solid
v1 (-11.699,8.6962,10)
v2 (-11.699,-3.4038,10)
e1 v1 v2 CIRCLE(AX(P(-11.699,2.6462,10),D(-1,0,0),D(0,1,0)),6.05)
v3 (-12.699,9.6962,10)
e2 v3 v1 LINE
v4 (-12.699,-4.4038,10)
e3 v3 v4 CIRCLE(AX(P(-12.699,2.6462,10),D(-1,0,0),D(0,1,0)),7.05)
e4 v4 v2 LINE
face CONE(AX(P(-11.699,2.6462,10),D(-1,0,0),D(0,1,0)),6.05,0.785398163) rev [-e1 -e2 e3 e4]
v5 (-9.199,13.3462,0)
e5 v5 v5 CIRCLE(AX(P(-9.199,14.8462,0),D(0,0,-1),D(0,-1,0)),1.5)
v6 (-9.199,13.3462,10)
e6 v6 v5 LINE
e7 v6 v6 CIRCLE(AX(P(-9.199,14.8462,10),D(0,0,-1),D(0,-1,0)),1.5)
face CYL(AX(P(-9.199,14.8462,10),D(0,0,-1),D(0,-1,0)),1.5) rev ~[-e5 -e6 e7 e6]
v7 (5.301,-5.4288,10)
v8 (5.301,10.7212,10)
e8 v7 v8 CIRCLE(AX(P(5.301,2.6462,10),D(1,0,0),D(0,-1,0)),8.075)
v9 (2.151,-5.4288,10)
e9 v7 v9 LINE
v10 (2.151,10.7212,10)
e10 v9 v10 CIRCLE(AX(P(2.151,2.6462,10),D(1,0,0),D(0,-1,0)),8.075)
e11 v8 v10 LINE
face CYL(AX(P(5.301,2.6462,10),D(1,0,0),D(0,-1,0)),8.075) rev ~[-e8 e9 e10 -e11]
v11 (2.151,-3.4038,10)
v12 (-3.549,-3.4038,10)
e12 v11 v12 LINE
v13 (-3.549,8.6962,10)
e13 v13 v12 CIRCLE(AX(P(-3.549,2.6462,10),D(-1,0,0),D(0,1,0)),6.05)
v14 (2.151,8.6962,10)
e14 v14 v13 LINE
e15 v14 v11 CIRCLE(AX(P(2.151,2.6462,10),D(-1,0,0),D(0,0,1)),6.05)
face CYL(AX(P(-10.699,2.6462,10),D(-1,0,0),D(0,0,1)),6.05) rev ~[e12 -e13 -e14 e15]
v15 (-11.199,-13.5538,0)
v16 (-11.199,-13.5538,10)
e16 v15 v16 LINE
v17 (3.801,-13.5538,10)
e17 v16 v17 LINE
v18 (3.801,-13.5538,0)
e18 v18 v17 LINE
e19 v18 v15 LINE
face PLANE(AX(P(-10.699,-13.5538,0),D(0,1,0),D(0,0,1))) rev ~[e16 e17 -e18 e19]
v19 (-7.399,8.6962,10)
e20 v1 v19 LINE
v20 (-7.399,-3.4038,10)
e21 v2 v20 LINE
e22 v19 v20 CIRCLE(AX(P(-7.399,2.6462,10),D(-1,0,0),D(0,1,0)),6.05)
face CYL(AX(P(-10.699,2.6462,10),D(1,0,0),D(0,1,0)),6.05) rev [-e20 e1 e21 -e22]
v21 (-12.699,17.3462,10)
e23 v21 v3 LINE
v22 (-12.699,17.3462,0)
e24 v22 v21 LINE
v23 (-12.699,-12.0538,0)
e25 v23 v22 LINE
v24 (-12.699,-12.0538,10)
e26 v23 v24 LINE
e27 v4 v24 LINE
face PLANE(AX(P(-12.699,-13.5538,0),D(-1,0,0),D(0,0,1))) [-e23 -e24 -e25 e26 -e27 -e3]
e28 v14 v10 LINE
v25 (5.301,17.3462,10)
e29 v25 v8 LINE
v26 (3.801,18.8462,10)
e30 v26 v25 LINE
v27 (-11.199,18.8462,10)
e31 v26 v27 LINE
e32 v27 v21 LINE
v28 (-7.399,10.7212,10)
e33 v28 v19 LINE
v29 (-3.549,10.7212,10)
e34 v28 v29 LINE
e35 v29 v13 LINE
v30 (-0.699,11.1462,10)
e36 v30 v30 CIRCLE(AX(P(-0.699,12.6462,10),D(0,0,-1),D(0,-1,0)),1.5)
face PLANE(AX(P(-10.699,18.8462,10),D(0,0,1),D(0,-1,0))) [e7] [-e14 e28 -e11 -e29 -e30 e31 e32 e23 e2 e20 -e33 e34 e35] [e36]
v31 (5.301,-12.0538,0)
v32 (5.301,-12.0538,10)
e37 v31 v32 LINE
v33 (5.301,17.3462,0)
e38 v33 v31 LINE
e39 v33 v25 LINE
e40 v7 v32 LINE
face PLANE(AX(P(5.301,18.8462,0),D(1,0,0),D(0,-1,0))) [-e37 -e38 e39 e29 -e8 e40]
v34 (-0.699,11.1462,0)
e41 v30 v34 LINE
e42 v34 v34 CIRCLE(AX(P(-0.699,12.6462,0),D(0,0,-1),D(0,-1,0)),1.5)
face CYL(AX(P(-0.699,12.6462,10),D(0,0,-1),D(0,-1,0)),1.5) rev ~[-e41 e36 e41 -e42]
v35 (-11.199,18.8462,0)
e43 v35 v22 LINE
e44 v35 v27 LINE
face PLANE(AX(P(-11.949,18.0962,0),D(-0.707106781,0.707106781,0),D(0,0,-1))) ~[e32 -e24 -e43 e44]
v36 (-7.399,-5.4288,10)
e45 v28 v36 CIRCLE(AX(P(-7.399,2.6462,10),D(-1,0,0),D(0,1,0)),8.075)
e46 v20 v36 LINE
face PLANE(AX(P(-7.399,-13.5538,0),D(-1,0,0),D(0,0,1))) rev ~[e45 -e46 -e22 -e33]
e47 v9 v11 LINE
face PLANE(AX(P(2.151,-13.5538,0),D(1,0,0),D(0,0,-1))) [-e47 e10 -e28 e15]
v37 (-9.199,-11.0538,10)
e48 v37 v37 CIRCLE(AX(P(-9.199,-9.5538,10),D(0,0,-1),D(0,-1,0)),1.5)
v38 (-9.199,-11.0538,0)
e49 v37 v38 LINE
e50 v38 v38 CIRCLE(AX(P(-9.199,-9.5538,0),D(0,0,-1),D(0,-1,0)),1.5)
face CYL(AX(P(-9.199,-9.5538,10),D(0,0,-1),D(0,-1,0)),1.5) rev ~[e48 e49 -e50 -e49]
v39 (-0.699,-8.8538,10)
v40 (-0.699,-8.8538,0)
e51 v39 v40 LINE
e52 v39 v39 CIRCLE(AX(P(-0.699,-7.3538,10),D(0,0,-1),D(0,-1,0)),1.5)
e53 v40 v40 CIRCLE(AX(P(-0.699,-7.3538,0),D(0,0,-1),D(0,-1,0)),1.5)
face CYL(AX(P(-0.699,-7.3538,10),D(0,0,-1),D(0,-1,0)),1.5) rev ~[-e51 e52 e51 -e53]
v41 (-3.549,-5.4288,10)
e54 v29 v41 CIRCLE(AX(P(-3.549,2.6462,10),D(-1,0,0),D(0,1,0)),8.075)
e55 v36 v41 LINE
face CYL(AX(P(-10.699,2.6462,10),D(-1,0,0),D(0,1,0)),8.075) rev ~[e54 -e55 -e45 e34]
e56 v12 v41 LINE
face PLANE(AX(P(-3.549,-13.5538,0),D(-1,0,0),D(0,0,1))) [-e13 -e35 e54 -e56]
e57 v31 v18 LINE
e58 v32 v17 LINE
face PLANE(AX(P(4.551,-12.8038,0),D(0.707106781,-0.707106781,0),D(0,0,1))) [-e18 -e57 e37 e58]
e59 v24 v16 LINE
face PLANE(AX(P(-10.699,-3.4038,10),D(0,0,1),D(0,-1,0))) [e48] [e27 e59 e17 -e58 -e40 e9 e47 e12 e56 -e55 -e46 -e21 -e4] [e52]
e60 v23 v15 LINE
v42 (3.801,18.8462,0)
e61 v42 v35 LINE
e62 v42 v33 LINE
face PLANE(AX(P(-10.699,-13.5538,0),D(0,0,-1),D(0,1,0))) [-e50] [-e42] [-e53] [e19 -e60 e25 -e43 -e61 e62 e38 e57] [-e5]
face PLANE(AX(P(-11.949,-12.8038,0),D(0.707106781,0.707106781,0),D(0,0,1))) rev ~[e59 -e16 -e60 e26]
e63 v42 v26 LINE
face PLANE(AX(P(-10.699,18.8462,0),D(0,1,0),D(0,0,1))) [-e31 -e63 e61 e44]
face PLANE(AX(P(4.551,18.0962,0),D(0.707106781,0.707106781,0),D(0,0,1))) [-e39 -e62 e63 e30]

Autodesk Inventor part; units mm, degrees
ref_plane "YZ Plane" through (0, 0, 0) normal (1, 0, 0) x (0, 1, 0)
ref_plane "XZ Plane" through (0, 0, 0) normal (0, 1, 0) x (-1, 0, 0)
ref_plane "XY Plane" through (0, 0, 0) normal (0, 0, 1) x (1, 0, 0)
sketch "Szkic1" plane through (0, 0, 0) normal (0, 0, 1) x (1, 0, 0)
  line L0 (-10.699, 18.8462) -> (5.301, 18.8462)
  line L1 (5.301, 18.8462) -> (5.301, -13.5538)
  line L2 (5.301, -13.5538) -> (-10.699, -13.5538)
  line L3 (-10.699, -13.5538) -> (-10.699, 18.8462)
  point P0 (0, 0)
  dimension "d0" = 16
  dimension "d1" = 32.4
extrude "Wyciągnięcie proste1" add sketch "Szkic1" along normal blind 10
sketch "Szkic2" plane through (-10.699, -13.5538, 0) normal (-1, 0, 0) x (0, 0, 1)
  line L0 (0, 0) -> (0, 32.4) projected
  line L1 (0, 0) -> (10, 0) projected
  line L2 (10, 32.4) -> (10, 0) projected
  line L3 (0, 32.4) -> (10, 32.4) projected
  line L4 (10, 32.4) -> (10, 0) projected
  circle A0 centre (10, 16.2) radius 6.05
  point P0 (0, 13.5538)
  dimension "d4" = 32.4
  dimension "d5" = 16.2
  dimension "d6" = 12.1
extrude "Wyciągnięcie proste2" cut sketch "Szkic2" against normal blind 13 contours A0 L2 | L2 A0
sketch "Szkic3" plane through (-10.699, -13.5538, 0) normal (-1, 0, 0) x (0, 0, 1)
  arc A0 (10, 22.25) -> (10, 10.15) centre (10, 16.2) ccw projected
  line L0 (10, 32.4) -> (10, 22.25) projected
  line L1 (0, 32.4) -> (10, 32.4) projected
  line L2 (0, 0) -> (0, 32.4) projected
  line L3 (0, 0) -> (10, 0) projected
  line L4 (10, 10.15) -> (10, 0) projected
  arc A1 (10, 24.275) -> (10, 8.125) centre (10, 16.2) ccw
  point P0 (0, 13.5538)
  dimension "d9" = 16.15
extrude "Wyciągnięcie proste3" cut sketch "Szkic3" against normal blind 7.15 contours A0 L4 A1 L0
extrude "Wyciągnięcie proste4" add sketch "Szkic3" against normal blind 3.3 contours A0 L4 A1 L0
sketch "Szkic6" plane through (5.301, -13.5538, 0) normal (1, 0, 0) x (0, 0, -1)
  arc A0 (-10, 8.125) -> (-10, 24.275) centre (-10, 16.2) ccw projected
  line L0 (0, 32.4) -> (0, 0) projected
  line L1 (0, 32.4) -> (-10, 32.4) projected
  line L2 (-10, 0) -> (-10, 32.4) projected
  line L3 (0, 0) -> (-10, 0) projected
  arc A1 (-10, 8.125) -> (-10, 24.275) centre (-10, 16.2) ccw
  point P0 (0, 13.5538)
extrude "Wyciągnięcie proste5" cut sketch "Szkic6" against normal blind 3.15 contours L2 A0
sketch "Szkic7" plane through (0, 0, 10) normal (0, 0, 1) x (1, 0, 0)
  line L0 (5.301, -5.4288) -> (2.151, -5.4288) projected
  line L1 (2.151, -5.4288) -> (2.151, -3.4038) projected
  line L2 (2.151, -3.4038) -> (-3.549, -3.4038) projected
  line L3 (-3.549, -3.4038) -> (-3.549, -5.4288) projected
  line L4 (-3.549, -5.4288) -> (-7.399, -5.4288) projected
  line L5 (-7.399, -3.4038) -> (-7.399, -5.4288) projected
  line L6 (-10.699, -3.4038) -> (-7.399, -3.4038) projected
  line L7 (-10.699, -3.4038) -> (-10.699, -13.5538) projected
  line L8 (-10.699, -13.5538) -> (5.301, -13.5538) projected
  line L9 (5.301, -13.5538) -> (5.301, -5.4288) projected
  line L10 (2.151, 10.7212) -> (5.301, 10.7212) projected
  line L11 (5.301, 10.7212) -> (5.301, 18.8462) projected
  line L12 (5.301, 18.8462) -> (-10.699, 18.8462) projected
  line L13 (-10.699, 18.8462) -> (-10.699, 8.6962) projected
  line L14 (-10.699, 8.6962) -> (-7.399, 8.6962) projected
  line L15 (-7.399, 10.7212) -> (-7.399, 8.6962) projected
  line L16 (-7.399, 10.7212) -> (-3.549, 10.7212) projected
  line L17 (-3.549, 10.7212) -> (-3.549, 8.6962) projected
  line L18 (-3.549, 8.6962) -> (2.151, 8.6962) projected
  line L19 (2.151, 8.6962) -> (2.151, 10.7212) projected
  point P0 (0, 0)
  point P1 (-0.699, -7.3538)
  point P2 (-0.699, 12.6462)
  dimension "d46" = 20
  dimension "d47" = 32.4
  dimension "d48" = 6.2
  dimension "d49" = 6.2
  dimension "d50" = 5.7
  dimension "d96" = 10
  dimension "d97" = 10
hole "Otwór3" at (-0.699, -7.3538, 10) at (-0.699, 12.6462, 10) direction (0, 0, -1) diameter 3 end through all
chamfer "Faza4" distance 1.5 angle 45 2 edges at (5.301, -13.5538, 5) (5.301, 18.8462, 5)
sketch "Szkic9" plane through (-10.699, -13.5538, 0) normal (-1, 0, 0) x (0, 0, 1)
  line L0 (10, 32.4) -> (10, 22.25) projected
  line L1 (0, 32.4) -> (10, 32.4) projected
  line L2 (0, 0) -> (0, 32.4) projected
  line L3 (0, 0) -> (10, 0) projected
  line L4 (10, 10.15) -> (10, 0) projected
  arc A0 (10, 22.25) -> (10, 10.15) centre (10, 16.2) ccw projected
  point P0 (0, 13.5538)
extrude "Wyciągnięcie proste7" add sketch "Szkic9" along normal blind 2
chamfer "Faza8" distance 1.5 angle 45 2 edges at (-12.699, -13.5538, 5) (-12.699, 18.8462, 5)
chamfer "Faza9" distance 1 angle 45 1 edges at (-12.699, 2.6462, 3.95)
sketch "Szkic10" plane through (0, 0, 10) normal (0, 0, 1) x (1, 0, 0)
  circle A0 centre (-0.699, -7.3538) radius 1.5 projected
  line L0 (-12.699, -4.4038) -> (-11.699, -3.4038) projected
  line L1 (-12.699, -12.0538) -> (-12.699, -4.4038) projected
  line L2 (-11.199, -13.5538) -> (-12.699, -12.0538) projected
  line L3 (3.801, -13.5538) -> (-11.199, -13.5538) projected
  line L4 (5.301, -12.0538) -> (3.801, -13.5538) projected
  line L5 (5.301, -12.0538) -> (5.301, -5.4288) projected
  line L6 (5.301, -5.4288) -> (2.151, -5.4288) projected
  line L7 (2.151, -5.4288) -> (2.151, -3.4038) projected
  line L8 (2.151, -3.4038) -> (-3.549, -3.4038) projected
  line L9 (-3.549, -3.4038) -> (-3.549, -5.4288) projected
  line L10 (-3.549, -5.4288) -> (-7.399, -5.4288) projected
  line L11 (-7.399, -3.4038) -> (-7.399, -5.4288) projected
  line L12 (-11.699, -3.4038) -> (-7.399, -3.4038) projected
  line L13 (-11.699, 8.6962) -> (-12.699, 9.6962) projected
  line L14 (-7.399, 8.6962) -> (-11.699, 8.6962) projected
  line L15 (-7.399, 10.7212) -> (-7.399, 8.6962) projected
  line L16 (-7.399, 10.7212) -> (-3.549, 10.7212) projected
  line L17 (-3.549, 10.7212) -> (-3.549, 8.6962) projected
  line L18 (-3.549, 8.6962) -> (2.151, 8.6962) projected
  line L19 (2.151, 8.6962) -> (2.151, 10.7212) projected
  line L20 (2.151, 10.7212) -> (5.301, 10.7212) projected
  line L21 (5.301, 10.7212) -> (5.301, 17.3462) projected
  line L22 (3.801, 18.8462) -> (5.301, 17.3462) projected
  line L23 (3.801, 18.8462) -> (-11.199, 18.8462) projected
  line L24 (-12.699, 17.3462) -> (-11.199, 18.8462) projected
  line L25 (-12.699, 9.6962) -> (-12.699, 17.3462) projected
  circle A1 centre (-0.699, 12.6462) radius 1.5 projected
  point P0 (0, 0)
  point P1 (-9.199, -9.5538)
  point P2 (-9.199, 14.8462)
  dimension "d106" = 4
  dimension "d107" = 4
  dimension "d108" = 3.5
  dimension "d109" = 3.5
hole "Otwór4" at (-9.199, -9.5538, 10) at (-9.199, 14.8462, 10) direction (0, 0, -1) diameter 3 end through all
equation "\"d5\" = 0.5 * d4"
equation "\"d48\" = -0.5 * d46 + 0.5 * d47"
properties part number "3DP_ABS_E3D_V6_Mount"
